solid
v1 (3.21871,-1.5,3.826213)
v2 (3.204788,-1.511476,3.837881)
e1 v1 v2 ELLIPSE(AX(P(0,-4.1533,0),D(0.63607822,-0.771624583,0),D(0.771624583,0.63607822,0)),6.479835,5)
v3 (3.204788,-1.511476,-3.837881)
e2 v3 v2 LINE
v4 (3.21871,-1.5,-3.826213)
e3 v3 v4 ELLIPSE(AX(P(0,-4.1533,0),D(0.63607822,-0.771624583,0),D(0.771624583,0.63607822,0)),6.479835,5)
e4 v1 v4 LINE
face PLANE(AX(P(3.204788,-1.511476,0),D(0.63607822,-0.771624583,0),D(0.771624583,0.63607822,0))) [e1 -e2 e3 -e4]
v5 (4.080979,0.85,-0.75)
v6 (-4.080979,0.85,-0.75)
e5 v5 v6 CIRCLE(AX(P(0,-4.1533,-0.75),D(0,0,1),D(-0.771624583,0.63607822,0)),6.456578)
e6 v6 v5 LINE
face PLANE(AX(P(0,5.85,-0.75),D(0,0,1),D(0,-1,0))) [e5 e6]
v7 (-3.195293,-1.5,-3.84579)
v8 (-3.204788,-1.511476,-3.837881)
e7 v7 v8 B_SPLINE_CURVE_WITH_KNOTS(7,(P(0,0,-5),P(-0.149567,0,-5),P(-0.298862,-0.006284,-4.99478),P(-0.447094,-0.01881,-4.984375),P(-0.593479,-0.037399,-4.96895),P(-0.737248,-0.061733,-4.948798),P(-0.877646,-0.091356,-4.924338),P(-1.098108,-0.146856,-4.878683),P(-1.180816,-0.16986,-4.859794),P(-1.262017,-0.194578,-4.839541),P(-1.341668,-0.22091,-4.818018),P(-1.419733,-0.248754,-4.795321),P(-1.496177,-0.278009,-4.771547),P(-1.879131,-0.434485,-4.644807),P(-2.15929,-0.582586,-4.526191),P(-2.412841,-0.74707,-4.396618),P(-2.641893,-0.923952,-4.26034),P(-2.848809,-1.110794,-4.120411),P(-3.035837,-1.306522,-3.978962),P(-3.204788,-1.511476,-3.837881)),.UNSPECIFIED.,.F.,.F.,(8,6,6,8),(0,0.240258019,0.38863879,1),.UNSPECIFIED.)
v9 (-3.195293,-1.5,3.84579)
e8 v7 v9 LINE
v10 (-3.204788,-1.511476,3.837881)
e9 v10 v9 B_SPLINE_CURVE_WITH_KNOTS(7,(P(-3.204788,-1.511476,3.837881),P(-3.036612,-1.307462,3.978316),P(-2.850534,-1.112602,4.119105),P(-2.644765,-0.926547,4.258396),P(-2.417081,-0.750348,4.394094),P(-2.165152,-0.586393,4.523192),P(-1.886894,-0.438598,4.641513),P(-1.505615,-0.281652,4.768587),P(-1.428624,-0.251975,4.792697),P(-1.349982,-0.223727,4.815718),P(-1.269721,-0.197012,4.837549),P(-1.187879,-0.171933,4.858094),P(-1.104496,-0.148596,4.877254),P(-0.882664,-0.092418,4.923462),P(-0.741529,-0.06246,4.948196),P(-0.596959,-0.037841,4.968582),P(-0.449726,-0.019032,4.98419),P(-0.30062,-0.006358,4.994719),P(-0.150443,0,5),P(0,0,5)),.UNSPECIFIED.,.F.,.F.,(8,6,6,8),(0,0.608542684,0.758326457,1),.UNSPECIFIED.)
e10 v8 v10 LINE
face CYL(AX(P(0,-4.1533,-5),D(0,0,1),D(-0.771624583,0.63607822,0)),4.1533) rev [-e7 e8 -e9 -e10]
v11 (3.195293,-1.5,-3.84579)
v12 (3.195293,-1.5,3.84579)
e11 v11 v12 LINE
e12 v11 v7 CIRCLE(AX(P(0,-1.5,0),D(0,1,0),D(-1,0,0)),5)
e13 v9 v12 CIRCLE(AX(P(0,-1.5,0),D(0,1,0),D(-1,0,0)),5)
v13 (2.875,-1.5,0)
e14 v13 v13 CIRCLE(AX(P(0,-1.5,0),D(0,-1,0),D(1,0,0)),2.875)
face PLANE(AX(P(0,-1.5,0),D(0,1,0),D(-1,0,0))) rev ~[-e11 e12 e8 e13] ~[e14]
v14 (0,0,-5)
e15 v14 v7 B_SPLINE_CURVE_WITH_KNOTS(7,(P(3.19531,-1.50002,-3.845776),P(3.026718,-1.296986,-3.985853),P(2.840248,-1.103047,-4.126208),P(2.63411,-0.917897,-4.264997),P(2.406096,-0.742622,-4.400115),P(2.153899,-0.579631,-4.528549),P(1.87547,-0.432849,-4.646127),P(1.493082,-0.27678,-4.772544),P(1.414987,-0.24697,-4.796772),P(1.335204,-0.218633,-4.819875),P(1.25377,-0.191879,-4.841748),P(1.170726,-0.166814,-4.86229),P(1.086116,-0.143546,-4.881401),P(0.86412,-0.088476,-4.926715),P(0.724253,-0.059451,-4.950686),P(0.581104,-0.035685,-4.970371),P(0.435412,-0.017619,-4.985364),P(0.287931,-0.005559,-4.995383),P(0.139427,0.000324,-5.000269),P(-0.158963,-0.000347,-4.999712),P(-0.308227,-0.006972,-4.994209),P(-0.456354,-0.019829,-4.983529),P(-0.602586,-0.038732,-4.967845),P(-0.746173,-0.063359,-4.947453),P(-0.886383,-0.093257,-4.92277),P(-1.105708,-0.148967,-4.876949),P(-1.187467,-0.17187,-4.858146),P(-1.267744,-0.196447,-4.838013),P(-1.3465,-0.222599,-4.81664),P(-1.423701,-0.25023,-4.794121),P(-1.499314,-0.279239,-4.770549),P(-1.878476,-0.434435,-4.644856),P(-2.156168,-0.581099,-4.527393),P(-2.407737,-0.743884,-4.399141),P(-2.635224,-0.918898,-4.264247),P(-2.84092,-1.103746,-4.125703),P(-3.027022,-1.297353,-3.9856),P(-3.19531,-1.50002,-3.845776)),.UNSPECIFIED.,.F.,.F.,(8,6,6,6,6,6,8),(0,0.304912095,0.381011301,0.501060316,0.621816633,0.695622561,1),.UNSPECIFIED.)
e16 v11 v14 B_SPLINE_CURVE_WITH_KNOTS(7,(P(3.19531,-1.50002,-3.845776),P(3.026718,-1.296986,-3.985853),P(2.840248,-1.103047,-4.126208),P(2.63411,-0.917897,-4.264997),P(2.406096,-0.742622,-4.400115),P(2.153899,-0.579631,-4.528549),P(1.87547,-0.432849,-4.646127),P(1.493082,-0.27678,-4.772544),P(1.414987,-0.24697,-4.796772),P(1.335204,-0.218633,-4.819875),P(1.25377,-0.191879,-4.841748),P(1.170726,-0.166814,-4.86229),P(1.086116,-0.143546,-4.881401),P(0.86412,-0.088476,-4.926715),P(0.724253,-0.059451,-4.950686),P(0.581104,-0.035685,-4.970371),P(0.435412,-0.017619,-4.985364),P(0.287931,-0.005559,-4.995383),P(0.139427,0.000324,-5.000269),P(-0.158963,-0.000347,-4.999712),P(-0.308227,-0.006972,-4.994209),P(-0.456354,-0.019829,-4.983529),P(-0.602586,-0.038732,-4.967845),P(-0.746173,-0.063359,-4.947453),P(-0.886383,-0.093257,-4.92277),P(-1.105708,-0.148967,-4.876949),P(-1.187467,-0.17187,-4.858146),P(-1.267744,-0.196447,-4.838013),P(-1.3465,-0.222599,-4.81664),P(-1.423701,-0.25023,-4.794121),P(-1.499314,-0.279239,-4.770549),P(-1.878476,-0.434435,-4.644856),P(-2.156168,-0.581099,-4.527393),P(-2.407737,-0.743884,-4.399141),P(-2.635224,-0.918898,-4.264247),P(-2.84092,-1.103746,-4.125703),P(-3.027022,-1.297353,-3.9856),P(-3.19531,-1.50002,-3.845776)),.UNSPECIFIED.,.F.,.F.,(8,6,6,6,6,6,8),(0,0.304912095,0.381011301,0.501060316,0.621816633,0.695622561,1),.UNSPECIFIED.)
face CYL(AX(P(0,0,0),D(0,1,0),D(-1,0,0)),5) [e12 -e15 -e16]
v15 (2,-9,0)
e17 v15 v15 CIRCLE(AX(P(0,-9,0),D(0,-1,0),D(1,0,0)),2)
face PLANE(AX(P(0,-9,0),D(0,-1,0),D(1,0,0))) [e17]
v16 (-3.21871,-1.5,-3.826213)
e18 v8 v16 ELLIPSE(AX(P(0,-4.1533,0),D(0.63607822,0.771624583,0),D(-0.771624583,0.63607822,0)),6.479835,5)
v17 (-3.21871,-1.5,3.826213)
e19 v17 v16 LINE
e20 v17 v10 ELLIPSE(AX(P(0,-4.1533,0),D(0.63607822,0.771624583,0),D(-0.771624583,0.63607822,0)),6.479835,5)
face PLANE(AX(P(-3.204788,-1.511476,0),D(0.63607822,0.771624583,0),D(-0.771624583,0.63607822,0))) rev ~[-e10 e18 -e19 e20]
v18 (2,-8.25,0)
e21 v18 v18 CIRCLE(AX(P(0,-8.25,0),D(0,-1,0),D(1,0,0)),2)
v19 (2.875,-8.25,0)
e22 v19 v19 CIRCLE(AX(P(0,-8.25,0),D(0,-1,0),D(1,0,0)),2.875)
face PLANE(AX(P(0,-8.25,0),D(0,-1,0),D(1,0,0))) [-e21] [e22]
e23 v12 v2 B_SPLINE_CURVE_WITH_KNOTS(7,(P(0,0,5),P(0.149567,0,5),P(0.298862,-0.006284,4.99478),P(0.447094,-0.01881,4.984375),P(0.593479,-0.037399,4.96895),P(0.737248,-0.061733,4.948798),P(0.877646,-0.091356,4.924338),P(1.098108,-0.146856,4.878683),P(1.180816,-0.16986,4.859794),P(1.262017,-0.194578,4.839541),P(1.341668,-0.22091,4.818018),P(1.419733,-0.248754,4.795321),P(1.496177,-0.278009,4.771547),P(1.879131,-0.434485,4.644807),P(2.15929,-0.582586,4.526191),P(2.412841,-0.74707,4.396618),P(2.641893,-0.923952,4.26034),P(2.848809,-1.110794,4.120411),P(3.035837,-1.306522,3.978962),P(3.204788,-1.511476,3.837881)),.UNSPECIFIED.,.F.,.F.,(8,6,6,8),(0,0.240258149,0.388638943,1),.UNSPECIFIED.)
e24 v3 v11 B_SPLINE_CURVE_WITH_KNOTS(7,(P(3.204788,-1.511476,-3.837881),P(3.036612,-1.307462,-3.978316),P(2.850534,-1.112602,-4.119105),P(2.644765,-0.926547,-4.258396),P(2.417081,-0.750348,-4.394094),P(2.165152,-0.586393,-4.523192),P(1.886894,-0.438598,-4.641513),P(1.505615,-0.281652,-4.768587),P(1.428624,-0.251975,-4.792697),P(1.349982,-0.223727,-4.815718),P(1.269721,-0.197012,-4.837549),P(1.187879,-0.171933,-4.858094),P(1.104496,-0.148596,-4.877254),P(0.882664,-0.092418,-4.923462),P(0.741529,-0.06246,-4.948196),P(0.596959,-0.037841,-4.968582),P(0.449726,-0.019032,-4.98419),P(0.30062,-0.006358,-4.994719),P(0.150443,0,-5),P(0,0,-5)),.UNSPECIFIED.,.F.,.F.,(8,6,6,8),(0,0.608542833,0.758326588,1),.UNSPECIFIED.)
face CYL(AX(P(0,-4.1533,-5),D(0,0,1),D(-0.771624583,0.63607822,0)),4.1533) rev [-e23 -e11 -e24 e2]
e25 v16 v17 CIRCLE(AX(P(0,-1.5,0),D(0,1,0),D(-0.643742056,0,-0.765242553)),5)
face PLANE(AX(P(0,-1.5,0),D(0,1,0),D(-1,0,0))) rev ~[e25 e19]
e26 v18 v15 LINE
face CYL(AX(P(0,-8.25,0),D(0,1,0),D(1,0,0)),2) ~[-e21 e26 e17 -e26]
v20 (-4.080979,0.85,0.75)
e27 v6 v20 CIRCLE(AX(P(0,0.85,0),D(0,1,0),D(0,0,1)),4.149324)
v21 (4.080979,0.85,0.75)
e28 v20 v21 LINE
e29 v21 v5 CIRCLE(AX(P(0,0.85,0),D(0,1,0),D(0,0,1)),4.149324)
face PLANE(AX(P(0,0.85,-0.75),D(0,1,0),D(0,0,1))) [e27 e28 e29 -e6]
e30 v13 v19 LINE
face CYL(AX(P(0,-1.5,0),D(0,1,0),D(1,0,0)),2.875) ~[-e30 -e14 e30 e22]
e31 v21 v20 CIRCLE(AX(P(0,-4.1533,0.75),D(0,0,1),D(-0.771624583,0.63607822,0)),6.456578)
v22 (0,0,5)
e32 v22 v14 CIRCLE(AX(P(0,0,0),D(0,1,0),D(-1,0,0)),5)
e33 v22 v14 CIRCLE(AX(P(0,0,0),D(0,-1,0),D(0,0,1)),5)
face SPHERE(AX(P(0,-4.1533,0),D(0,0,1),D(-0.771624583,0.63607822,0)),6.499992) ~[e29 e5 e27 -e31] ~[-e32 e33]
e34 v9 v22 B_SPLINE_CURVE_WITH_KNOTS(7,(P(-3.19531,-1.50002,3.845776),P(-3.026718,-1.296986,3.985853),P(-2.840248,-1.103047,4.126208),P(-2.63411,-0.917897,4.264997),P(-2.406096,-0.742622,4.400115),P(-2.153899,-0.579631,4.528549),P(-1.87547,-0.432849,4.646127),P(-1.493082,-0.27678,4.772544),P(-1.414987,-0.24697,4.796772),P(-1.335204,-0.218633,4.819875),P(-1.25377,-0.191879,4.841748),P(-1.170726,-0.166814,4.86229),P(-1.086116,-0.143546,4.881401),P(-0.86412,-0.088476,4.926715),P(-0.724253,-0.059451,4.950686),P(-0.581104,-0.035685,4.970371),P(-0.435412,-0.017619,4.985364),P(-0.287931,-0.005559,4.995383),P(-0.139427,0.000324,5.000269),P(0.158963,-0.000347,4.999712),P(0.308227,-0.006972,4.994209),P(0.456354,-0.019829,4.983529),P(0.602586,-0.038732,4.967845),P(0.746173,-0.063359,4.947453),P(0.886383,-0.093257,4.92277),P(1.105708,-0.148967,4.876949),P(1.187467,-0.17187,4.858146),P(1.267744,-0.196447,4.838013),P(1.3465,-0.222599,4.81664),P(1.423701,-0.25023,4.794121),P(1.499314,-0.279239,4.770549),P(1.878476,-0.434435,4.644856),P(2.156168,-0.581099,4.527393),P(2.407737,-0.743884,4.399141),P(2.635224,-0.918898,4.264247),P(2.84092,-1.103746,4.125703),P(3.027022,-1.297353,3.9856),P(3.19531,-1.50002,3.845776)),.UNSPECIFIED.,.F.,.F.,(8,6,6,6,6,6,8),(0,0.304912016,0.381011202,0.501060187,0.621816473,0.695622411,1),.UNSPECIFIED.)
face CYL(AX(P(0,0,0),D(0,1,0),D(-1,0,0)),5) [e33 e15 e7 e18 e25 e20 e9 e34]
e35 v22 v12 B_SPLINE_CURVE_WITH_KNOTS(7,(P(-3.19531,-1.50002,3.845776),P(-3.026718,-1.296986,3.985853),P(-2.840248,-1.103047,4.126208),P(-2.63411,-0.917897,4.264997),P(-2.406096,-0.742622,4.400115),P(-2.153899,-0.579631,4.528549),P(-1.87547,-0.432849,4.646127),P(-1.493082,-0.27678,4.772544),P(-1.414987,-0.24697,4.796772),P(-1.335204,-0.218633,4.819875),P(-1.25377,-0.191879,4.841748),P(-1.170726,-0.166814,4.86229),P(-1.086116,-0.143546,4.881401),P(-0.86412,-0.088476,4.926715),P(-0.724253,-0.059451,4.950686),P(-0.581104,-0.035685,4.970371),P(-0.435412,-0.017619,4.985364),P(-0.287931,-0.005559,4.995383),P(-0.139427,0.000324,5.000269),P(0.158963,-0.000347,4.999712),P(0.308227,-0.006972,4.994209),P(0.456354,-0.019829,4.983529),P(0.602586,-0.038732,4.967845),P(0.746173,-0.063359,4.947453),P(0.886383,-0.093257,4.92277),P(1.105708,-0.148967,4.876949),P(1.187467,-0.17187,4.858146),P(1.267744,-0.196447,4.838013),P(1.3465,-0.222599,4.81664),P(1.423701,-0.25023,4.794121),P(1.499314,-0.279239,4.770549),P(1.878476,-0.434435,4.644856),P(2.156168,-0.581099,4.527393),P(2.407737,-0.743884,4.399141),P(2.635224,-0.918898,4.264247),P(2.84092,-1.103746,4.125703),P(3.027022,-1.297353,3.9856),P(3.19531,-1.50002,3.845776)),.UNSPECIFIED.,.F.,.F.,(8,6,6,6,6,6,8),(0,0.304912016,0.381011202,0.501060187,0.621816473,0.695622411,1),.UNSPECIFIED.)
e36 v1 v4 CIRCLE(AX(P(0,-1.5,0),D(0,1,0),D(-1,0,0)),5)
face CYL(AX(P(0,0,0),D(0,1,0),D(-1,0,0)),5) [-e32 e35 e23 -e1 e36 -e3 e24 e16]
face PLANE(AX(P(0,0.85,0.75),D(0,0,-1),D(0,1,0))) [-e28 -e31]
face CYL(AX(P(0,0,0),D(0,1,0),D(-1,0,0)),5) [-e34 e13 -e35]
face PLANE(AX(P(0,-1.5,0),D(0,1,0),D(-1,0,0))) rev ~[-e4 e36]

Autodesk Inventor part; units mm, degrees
ref_plane "YZ Plane" through (0, 0, 0) normal (1, 0, 0) x (0, 1, 0)
ref_plane "XZ Plane" through (0, 0, 0) normal (0, 1, 0) x (-1, 0, 0)
ref_plane "XY Plane" through (0, 0, 0) normal (0, 0, 1) x (1, 0, 0)
sketch "Sketch1" plane through (0, 0, 0) normal (0, 1, 0) x (-1, 0, 0)
  circle A0 centre (0, 0) radius 5
  dimension "d0" = 10
extrude "Extrusion1" add sketch "Sketch1" against normal blind 1.5
sketch "Sketch2" plane through (0, -1.5, 0) normal (0, -1, 0) x (1, 0, 0)
  circle A0 centre (0, 0) radius 2.875
  dimension "d3" = 5.75
extrude "Extrusion2" add sketch "Sketch2" along normal blind 6.75
sketch "Sketch3" plane through (0, -8.25, 0) normal (0, -1, 0) x (1, 0, 0)
  circle A0 centre (0, 0) radius 2
  dimension "d6" = 4
extrude "Extrusion3" add sketch "Sketch3" along normal blind 0.75
sketch "Sketch4" plane through (0, 0, 0) normal (1, 0, 0) x (0, 1, 0)
  line L0 (0, -5) -> (0, 5) projected
  arc A0 (0, -5) -> (0, 5) centre (-4.1533, 0) ccw
  line L1 (0, 5) -> (-0.75, 5)
  line L2 (0, 5) -> (-1.5, 5) projected
  line L3 (0, -5) -> (-1.5, -5) projected
  line L4 (-0.75, -5) -> (0, -5)
  line L5 (-4.1533, 5) -> (-4.1533, -5) construction
  point P0 (0, 0)
  dimension "d9" = 6.5
revolve "Revolution1" add sketch "Sketch4" angle 101 mid plane about axis through (0, -4.1533, 5) along (0, 0, -1)
sketch "Sketch5" plane through (0, 0, 0) normal (0, 1, 0) x (-1, 0, 0)
  circle A0 centre (0, 0) radius 5
  circle A1 centre (0, 0) radius 8.973
extrude "Extrusion4" cut sketch "Sketch5" against normal mid plane 100
sketch "Sketch6" plane through (0, 0, 0) normal (1, 0, 0) x (0, 1, 0)
  line L0 (-8.25, 2.875) -> (-8.25, -2.875) projected
  line L1 (0.85, 0.75) -> (5.85, 0.75)
  line L2 (5.85, 0.75) -> (5.85, -0.75)
  line L3 (5.85, -0.75) -> (0.85, -0.75)
  line L4 (0.85, -0.75) -> (0.85, 0.75)
  point P0 (0, 0)
  dimension "d14" = 1.5
  dimension "d15" = 5
extrude "Extrusion5" cut sketch "Sketch6" against normal mid plane 10
properties part number "1 Prisionero" material "Steel"
